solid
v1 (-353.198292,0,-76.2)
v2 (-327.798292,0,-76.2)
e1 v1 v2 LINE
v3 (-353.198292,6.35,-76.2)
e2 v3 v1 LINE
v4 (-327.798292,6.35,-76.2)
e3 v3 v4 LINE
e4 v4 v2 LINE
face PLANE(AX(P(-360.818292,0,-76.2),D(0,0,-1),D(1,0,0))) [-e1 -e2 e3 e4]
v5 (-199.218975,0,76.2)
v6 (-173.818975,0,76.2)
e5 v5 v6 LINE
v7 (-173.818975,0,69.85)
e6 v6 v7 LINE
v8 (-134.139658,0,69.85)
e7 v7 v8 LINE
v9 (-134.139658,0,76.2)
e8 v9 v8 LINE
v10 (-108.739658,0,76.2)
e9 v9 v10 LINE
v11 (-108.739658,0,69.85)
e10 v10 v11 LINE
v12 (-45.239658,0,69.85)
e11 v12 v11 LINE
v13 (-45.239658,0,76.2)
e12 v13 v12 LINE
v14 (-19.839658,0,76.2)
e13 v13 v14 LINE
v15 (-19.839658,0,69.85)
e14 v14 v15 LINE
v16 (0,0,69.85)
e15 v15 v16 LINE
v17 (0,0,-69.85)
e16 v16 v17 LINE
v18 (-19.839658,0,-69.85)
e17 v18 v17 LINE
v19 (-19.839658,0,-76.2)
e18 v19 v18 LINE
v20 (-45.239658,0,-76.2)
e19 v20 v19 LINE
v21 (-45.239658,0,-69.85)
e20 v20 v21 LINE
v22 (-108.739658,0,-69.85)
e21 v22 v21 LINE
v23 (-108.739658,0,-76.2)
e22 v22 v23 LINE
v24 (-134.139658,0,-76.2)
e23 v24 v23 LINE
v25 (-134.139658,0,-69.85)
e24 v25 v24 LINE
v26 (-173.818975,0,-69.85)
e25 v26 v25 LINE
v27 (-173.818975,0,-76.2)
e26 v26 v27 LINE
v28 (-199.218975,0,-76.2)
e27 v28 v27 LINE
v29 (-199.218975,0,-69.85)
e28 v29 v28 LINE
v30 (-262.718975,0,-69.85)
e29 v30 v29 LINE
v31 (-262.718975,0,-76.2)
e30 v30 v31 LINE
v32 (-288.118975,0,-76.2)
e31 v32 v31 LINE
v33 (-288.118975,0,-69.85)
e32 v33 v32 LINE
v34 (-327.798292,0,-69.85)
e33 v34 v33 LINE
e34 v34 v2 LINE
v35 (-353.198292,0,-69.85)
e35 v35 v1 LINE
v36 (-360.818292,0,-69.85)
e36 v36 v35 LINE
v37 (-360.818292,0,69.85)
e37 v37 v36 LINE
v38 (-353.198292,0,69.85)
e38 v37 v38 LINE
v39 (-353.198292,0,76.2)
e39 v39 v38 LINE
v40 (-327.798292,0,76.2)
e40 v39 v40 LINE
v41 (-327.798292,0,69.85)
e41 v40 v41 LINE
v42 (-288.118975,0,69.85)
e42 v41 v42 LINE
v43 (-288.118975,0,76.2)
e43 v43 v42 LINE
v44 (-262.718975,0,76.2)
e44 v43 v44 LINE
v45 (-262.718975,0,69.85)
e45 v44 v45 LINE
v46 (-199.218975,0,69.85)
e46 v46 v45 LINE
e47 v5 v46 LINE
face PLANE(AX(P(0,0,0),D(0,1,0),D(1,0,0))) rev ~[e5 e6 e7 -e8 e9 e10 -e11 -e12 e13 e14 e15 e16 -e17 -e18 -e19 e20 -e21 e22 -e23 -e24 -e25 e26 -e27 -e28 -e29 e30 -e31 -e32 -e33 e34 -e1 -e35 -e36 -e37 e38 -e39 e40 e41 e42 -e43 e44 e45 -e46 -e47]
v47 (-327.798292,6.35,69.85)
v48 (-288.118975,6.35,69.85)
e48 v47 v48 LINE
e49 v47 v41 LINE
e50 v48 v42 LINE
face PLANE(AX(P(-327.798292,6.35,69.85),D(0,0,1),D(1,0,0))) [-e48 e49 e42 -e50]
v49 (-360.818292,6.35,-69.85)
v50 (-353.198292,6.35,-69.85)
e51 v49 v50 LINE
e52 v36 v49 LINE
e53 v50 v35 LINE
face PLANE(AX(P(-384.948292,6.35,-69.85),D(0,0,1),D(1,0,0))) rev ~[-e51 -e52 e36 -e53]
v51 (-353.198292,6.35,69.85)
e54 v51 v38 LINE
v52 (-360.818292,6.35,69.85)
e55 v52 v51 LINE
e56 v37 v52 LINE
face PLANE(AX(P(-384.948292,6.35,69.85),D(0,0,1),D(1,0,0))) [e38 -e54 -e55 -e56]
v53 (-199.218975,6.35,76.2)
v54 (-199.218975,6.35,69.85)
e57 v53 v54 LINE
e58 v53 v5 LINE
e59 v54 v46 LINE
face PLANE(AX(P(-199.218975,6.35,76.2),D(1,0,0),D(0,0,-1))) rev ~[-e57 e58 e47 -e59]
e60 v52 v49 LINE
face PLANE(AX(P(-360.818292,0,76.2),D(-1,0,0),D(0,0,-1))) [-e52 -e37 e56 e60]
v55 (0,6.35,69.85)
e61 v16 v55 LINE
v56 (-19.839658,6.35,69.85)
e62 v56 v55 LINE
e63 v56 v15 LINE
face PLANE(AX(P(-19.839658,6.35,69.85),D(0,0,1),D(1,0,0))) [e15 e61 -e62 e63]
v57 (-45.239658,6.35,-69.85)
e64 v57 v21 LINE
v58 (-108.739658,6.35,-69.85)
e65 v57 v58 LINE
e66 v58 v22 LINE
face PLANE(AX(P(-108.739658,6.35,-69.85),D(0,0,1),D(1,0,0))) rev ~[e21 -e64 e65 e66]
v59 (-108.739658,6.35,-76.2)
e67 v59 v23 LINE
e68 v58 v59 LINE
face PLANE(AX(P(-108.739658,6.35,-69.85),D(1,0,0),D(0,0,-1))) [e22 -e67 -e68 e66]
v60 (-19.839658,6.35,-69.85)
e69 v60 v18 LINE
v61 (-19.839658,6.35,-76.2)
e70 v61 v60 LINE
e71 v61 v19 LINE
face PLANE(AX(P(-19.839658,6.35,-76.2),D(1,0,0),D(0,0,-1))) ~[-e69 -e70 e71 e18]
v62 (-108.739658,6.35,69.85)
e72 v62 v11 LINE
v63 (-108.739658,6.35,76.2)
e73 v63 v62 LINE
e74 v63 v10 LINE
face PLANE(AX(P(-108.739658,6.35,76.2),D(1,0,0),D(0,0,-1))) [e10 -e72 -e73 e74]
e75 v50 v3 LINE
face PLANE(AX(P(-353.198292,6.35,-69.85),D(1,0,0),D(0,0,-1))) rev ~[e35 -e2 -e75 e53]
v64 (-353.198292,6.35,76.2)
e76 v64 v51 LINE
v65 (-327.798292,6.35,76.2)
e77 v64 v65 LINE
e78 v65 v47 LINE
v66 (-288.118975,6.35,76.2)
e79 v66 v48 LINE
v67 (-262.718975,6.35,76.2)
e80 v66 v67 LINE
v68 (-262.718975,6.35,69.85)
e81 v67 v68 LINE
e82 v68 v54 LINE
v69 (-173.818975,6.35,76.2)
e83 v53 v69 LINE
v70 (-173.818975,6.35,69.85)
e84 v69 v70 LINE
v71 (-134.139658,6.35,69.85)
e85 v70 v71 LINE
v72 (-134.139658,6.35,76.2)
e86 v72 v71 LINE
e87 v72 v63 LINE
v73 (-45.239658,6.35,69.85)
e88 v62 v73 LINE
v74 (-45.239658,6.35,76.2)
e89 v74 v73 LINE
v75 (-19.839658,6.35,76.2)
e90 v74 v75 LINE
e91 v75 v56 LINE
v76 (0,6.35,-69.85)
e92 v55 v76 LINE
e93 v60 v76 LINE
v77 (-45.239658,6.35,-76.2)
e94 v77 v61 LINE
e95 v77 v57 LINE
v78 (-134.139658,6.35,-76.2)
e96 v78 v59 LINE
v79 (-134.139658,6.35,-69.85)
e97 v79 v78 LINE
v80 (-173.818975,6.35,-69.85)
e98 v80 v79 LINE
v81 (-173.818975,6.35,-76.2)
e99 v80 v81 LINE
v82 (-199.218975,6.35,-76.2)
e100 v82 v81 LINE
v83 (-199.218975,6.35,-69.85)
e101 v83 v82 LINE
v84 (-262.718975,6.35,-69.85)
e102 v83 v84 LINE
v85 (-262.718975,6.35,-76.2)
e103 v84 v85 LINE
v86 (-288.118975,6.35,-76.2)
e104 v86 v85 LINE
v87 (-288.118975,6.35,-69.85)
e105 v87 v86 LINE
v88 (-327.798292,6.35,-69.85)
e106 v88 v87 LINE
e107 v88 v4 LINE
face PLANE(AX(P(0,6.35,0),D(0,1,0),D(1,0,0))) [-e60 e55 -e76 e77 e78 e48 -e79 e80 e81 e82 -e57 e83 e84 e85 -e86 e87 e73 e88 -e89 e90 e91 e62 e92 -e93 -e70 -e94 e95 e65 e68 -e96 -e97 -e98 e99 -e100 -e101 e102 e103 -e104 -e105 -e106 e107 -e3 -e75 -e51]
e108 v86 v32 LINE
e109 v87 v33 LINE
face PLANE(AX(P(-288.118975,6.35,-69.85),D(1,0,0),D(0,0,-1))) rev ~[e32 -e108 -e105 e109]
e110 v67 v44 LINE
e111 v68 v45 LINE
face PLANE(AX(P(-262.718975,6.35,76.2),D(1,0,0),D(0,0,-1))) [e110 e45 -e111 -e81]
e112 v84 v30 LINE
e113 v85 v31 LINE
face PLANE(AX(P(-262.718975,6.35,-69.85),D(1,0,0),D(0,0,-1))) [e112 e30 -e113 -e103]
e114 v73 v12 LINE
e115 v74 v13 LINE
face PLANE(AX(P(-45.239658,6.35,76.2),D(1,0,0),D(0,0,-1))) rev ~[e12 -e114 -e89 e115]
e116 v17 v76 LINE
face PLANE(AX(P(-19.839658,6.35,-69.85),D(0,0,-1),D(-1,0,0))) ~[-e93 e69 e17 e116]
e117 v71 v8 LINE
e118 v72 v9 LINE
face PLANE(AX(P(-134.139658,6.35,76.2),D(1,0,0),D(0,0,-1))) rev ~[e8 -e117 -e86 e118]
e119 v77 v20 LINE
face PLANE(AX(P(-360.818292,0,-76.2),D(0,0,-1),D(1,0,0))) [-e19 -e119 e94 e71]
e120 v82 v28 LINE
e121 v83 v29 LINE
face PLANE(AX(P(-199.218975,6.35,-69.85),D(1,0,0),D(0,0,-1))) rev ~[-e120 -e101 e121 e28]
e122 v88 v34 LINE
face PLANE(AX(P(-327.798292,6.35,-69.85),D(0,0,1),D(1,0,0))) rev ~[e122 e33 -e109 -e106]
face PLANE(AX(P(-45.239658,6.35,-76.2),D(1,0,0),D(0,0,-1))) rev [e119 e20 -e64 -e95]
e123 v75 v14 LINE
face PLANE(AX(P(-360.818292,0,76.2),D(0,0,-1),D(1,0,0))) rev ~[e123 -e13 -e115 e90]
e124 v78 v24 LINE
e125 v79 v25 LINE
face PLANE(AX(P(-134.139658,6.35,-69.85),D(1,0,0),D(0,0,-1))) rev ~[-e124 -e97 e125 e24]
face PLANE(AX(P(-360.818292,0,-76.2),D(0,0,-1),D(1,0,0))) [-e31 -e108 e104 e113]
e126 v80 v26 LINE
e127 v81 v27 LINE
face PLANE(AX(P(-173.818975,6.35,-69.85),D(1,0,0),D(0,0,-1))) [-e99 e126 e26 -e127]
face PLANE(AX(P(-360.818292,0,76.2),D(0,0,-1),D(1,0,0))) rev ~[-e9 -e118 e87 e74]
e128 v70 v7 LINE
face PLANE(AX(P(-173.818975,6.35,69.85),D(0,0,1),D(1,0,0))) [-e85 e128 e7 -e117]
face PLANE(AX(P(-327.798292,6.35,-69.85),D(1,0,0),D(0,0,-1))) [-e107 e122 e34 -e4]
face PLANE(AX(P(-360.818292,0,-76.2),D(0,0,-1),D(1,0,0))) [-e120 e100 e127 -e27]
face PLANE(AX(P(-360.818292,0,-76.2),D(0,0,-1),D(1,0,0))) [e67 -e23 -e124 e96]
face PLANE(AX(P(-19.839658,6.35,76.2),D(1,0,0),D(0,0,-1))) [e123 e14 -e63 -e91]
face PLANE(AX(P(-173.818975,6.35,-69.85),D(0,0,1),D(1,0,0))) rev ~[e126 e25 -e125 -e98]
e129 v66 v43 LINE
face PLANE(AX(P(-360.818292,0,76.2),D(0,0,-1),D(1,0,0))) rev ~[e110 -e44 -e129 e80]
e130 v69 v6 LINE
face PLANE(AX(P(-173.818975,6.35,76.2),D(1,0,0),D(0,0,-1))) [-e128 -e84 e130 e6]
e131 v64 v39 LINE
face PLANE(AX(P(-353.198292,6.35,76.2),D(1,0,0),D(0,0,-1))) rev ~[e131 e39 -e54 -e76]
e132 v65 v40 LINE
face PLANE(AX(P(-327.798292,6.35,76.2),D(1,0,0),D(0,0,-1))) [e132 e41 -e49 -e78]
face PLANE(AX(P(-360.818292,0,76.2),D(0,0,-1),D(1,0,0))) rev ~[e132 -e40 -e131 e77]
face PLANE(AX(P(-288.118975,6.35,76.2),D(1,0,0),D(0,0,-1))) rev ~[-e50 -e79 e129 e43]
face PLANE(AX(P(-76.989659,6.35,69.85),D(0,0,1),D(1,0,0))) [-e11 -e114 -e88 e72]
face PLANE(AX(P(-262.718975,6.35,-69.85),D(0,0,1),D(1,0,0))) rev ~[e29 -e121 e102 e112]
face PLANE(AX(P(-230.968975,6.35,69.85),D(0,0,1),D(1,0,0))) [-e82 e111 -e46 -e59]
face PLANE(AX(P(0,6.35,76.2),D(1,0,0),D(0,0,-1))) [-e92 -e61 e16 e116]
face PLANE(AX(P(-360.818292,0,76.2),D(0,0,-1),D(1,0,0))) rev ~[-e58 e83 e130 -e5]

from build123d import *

# Parameters (mm, degrees)
SKETCH1_W                 = 721.63658441
SKETCH1_H                 = 152.4
BOSS_EXTRUDE1_DEPTH       = 6.35
SKETCH2_W                 = 39.679316882
SKETCH2_H                 = 6.35
SKETCH2_W_2               = 31.750000127
CUT_EXTRUDE1_DEPTH        = 7.35
LPATTERN1_COUNT           = 3
LPATTERN1_PITCH           = 153.979316882
LPATTERN1_COL_COUNT       = 3
LPATTERN1_COL_PITCH       = 153.979316882
MIRROR1_COPY_1_SKETCH_W   = 39.679316882
MIRROR1_COPY_1_SKETCH_H   = 6.35
MIRROR1_COPY_1_SKETCH_W_2 = 31.750000127
MIRROR1_COPY_1_DEPTH      = 7.35
MIRROR1_COPY_2_SKETCH_W   = 39.679316882
MIRROR1_COPY_2_SKETCH_H   = 6.35
MIRROR1_COPY_2_SKETCH_W_2 = 31.750000127
MIRROR1_COPY_2_DEPTH      = 7.35
MIRROR1_COPY_3_SKETCH_W   = 39.679316882
MIRROR1_COPY_3_SKETCH_H   = 6.35
MIRROR1_COPY_3_SKETCH_W_2 = 31.750000127
MIRROR1_COPY_3_DEPTH      = 7.35
MIRROR1_COPY_4_SKETCH_W   = 39.679316882
MIRROR1_COPY_4_SKETCH_H   = 6.35
MIRROR1_COPY_4_SKETCH_W_2 = 31.750000127
MIRROR1_COPY_4_DEPTH      = 7.35
SKETCH4_W                 = 360.818292205
SKETCH4_H                 = 152.4
CUT_EXTRUDE2_DEPTH        = 7.35


with BuildPart() as part:
    # Sketch1 → Boss-Extrude1 (new body)
    with BuildSketch(Plane(origin=(0, 0, 0), x_dir=(1, 0, 0), z_dir=(0, 1, 0))):
        Rectangle(SKETCH1_W, SKETCH1_H)
    extrude(amount=BOSS_EXTRUDE1_DEPTH)

    # Sketch2 → Cut-Extrude1 (cut, through all)
    with BuildSketch(Plane(origin=(0, 6.35, 0), x_dir=(1, 0, 0), z_dir=(0, 1, 0))):
        with Locations((0, -73.025)):
            Rectangle(SKETCH2_W, SKETCH2_H)
        with Locations((-61.114658505, -73.025)):
            Rectangle(SKETCH2_W_2, SKETCH2_H)
        with Locations((61.114658505, -73.025)):
            Rectangle(SKETCH2_W_2, SKETCH2_H)
    cut_extrude1 = extrude(amount=-CUT_EXTRUDE1_DEPTH, mode=Mode.SUBTRACT)

    # LPattern1: Cut-Extrude1 ×3
    with Locations(*[(i * LPATTERN1_PITCH, 0, 0) for i in range(1, LPATTERN1_COUNT)]):
        add(cut_extrude1, mode=Mode.SUBTRACT)

    # LPattern1 col: Cut-Extrude1 ×3
    with Locations(*[(-i * LPATTERN1_COL_PITCH, 0, 0) for i in range(1, LPATTERN1_COL_COUNT)]):
        add(cut_extrude1, mode=Mode.SUBTRACT)

    # Mirror1: Cut-Extrude1 across plane
    add(cut_extrude1.mirror(Plane.XY), mode=Mode.SUBTRACT)

    # Mirror1 copy 1 sketch → Mirror1 copy 1 (cut, through all)
    with BuildSketch(Plane(origin=(153.979316882, 6.35, 0), x_dir=(1, 0, 0), z_dir=(0, 1, 0))):
        with Locations((0, 73.025)):
            Rectangle(MIRROR1_COPY_1_SKETCH_W, MIRROR1_COPY_1_SKETCH_H)
        with Locations((-61.114658505, 73.025)):
            Rectangle(MIRROR1_COPY_1_SKETCH_W_2, MIRROR1_COPY_1_SKETCH_H)
        with Locations((61.114658505, 73.025)):
            Rectangle(MIRROR1_COPY_1_SKETCH_W_2, MIRROR1_COPY_1_SKETCH_H)
    extrude(amount=-MIRROR1_COPY_1_DEPTH, mode=Mode.SUBTRACT)

    # Mirror1 copy 2 sketch → Mirror1 copy 2 (cut, through all)
    with BuildSketch(Plane(origin=(307.958633764, 6.35, 0), x_dir=(1, 0, 0), z_dir=(0, 1, 0))):
        with Locations((0, 73.025)):
            Rectangle(MIRROR1_COPY_2_SKETCH_W, MIRROR1_COPY_2_SKETCH_H)
        with Locations((-61.114658505, 73.025)):
            Rectangle(MIRROR1_COPY_2_SKETCH_W_2, MIRROR1_COPY_2_SKETCH_H)
        with Locations((61.114658505, 73.025)):
            Rectangle(MIRROR1_COPY_2_SKETCH_W_2, MIRROR1_COPY_2_SKETCH_H)
    extrude(amount=-MIRROR1_COPY_2_DEPTH, mode=Mode.SUBTRACT)

    # Mirror1 copy 3 sketch → Mirror1 copy 3 (cut, through all)
    with BuildSketch(Plane(origin=(-153.979316882, 6.35, 0), x_dir=(1, 0, 0), z_dir=(0, 1, 0))):
        with Locations((0, 73.025)):
            Rectangle(MIRROR1_COPY_3_SKETCH_W, MIRROR1_COPY_3_SKETCH_H)
        with Locations((-61.114658505, 73.025)):
            Rectangle(MIRROR1_COPY_3_SKETCH_W_2, MIRROR1_COPY_3_SKETCH_H)
        with Locations((61.114658505, 73.025)):
            Rectangle(MIRROR1_COPY_3_SKETCH_W_2, MIRROR1_COPY_3_SKETCH_H)
    extrude(amount=-MIRROR1_COPY_3_DEPTH, mode=Mode.SUBTRACT)

    # Mirror1 copy 4 sketch → Mirror1 copy 4 (cut, through all)
    with BuildSketch(Plane(origin=(-307.958633764, 6.35, 0), x_dir=(1, 0, 0), z_dir=(0, 1, 0))):
        with Locations((0, 73.025)):
            Rectangle(MIRROR1_COPY_4_SKETCH_W, MIRROR1_COPY_4_SKETCH_H)
        with Locations((-61.114658505, 73.025)):
            Rectangle(MIRROR1_COPY_4_SKETCH_W_2, MIRROR1_COPY_4_SKETCH_H)
        with Locations((61.114658505, 73.025)):
            Rectangle(MIRROR1_COPY_4_SKETCH_W_2, MIRROR1_COPY_4_SKETCH_H)
    extrude(amount=-MIRROR1_COPY_4_DEPTH, mode=Mode.SUBTRACT)

    # Sketch4 → Cut-Extrude2 (cut, through all)
    with BuildSketch(Plane(origin=(0, 6.35, 0), x_dir=(1, 0, 0), z_dir=(0, 1, 0))):
        with Locations((180.409146103, 0)):
            Rectangle(SKETCH4_W, SKETCH4_H)
    extrude(amount=-CUT_EXTRUDE2_DEPTH, mode=Mode.SUBTRACT)


solid = part.part
